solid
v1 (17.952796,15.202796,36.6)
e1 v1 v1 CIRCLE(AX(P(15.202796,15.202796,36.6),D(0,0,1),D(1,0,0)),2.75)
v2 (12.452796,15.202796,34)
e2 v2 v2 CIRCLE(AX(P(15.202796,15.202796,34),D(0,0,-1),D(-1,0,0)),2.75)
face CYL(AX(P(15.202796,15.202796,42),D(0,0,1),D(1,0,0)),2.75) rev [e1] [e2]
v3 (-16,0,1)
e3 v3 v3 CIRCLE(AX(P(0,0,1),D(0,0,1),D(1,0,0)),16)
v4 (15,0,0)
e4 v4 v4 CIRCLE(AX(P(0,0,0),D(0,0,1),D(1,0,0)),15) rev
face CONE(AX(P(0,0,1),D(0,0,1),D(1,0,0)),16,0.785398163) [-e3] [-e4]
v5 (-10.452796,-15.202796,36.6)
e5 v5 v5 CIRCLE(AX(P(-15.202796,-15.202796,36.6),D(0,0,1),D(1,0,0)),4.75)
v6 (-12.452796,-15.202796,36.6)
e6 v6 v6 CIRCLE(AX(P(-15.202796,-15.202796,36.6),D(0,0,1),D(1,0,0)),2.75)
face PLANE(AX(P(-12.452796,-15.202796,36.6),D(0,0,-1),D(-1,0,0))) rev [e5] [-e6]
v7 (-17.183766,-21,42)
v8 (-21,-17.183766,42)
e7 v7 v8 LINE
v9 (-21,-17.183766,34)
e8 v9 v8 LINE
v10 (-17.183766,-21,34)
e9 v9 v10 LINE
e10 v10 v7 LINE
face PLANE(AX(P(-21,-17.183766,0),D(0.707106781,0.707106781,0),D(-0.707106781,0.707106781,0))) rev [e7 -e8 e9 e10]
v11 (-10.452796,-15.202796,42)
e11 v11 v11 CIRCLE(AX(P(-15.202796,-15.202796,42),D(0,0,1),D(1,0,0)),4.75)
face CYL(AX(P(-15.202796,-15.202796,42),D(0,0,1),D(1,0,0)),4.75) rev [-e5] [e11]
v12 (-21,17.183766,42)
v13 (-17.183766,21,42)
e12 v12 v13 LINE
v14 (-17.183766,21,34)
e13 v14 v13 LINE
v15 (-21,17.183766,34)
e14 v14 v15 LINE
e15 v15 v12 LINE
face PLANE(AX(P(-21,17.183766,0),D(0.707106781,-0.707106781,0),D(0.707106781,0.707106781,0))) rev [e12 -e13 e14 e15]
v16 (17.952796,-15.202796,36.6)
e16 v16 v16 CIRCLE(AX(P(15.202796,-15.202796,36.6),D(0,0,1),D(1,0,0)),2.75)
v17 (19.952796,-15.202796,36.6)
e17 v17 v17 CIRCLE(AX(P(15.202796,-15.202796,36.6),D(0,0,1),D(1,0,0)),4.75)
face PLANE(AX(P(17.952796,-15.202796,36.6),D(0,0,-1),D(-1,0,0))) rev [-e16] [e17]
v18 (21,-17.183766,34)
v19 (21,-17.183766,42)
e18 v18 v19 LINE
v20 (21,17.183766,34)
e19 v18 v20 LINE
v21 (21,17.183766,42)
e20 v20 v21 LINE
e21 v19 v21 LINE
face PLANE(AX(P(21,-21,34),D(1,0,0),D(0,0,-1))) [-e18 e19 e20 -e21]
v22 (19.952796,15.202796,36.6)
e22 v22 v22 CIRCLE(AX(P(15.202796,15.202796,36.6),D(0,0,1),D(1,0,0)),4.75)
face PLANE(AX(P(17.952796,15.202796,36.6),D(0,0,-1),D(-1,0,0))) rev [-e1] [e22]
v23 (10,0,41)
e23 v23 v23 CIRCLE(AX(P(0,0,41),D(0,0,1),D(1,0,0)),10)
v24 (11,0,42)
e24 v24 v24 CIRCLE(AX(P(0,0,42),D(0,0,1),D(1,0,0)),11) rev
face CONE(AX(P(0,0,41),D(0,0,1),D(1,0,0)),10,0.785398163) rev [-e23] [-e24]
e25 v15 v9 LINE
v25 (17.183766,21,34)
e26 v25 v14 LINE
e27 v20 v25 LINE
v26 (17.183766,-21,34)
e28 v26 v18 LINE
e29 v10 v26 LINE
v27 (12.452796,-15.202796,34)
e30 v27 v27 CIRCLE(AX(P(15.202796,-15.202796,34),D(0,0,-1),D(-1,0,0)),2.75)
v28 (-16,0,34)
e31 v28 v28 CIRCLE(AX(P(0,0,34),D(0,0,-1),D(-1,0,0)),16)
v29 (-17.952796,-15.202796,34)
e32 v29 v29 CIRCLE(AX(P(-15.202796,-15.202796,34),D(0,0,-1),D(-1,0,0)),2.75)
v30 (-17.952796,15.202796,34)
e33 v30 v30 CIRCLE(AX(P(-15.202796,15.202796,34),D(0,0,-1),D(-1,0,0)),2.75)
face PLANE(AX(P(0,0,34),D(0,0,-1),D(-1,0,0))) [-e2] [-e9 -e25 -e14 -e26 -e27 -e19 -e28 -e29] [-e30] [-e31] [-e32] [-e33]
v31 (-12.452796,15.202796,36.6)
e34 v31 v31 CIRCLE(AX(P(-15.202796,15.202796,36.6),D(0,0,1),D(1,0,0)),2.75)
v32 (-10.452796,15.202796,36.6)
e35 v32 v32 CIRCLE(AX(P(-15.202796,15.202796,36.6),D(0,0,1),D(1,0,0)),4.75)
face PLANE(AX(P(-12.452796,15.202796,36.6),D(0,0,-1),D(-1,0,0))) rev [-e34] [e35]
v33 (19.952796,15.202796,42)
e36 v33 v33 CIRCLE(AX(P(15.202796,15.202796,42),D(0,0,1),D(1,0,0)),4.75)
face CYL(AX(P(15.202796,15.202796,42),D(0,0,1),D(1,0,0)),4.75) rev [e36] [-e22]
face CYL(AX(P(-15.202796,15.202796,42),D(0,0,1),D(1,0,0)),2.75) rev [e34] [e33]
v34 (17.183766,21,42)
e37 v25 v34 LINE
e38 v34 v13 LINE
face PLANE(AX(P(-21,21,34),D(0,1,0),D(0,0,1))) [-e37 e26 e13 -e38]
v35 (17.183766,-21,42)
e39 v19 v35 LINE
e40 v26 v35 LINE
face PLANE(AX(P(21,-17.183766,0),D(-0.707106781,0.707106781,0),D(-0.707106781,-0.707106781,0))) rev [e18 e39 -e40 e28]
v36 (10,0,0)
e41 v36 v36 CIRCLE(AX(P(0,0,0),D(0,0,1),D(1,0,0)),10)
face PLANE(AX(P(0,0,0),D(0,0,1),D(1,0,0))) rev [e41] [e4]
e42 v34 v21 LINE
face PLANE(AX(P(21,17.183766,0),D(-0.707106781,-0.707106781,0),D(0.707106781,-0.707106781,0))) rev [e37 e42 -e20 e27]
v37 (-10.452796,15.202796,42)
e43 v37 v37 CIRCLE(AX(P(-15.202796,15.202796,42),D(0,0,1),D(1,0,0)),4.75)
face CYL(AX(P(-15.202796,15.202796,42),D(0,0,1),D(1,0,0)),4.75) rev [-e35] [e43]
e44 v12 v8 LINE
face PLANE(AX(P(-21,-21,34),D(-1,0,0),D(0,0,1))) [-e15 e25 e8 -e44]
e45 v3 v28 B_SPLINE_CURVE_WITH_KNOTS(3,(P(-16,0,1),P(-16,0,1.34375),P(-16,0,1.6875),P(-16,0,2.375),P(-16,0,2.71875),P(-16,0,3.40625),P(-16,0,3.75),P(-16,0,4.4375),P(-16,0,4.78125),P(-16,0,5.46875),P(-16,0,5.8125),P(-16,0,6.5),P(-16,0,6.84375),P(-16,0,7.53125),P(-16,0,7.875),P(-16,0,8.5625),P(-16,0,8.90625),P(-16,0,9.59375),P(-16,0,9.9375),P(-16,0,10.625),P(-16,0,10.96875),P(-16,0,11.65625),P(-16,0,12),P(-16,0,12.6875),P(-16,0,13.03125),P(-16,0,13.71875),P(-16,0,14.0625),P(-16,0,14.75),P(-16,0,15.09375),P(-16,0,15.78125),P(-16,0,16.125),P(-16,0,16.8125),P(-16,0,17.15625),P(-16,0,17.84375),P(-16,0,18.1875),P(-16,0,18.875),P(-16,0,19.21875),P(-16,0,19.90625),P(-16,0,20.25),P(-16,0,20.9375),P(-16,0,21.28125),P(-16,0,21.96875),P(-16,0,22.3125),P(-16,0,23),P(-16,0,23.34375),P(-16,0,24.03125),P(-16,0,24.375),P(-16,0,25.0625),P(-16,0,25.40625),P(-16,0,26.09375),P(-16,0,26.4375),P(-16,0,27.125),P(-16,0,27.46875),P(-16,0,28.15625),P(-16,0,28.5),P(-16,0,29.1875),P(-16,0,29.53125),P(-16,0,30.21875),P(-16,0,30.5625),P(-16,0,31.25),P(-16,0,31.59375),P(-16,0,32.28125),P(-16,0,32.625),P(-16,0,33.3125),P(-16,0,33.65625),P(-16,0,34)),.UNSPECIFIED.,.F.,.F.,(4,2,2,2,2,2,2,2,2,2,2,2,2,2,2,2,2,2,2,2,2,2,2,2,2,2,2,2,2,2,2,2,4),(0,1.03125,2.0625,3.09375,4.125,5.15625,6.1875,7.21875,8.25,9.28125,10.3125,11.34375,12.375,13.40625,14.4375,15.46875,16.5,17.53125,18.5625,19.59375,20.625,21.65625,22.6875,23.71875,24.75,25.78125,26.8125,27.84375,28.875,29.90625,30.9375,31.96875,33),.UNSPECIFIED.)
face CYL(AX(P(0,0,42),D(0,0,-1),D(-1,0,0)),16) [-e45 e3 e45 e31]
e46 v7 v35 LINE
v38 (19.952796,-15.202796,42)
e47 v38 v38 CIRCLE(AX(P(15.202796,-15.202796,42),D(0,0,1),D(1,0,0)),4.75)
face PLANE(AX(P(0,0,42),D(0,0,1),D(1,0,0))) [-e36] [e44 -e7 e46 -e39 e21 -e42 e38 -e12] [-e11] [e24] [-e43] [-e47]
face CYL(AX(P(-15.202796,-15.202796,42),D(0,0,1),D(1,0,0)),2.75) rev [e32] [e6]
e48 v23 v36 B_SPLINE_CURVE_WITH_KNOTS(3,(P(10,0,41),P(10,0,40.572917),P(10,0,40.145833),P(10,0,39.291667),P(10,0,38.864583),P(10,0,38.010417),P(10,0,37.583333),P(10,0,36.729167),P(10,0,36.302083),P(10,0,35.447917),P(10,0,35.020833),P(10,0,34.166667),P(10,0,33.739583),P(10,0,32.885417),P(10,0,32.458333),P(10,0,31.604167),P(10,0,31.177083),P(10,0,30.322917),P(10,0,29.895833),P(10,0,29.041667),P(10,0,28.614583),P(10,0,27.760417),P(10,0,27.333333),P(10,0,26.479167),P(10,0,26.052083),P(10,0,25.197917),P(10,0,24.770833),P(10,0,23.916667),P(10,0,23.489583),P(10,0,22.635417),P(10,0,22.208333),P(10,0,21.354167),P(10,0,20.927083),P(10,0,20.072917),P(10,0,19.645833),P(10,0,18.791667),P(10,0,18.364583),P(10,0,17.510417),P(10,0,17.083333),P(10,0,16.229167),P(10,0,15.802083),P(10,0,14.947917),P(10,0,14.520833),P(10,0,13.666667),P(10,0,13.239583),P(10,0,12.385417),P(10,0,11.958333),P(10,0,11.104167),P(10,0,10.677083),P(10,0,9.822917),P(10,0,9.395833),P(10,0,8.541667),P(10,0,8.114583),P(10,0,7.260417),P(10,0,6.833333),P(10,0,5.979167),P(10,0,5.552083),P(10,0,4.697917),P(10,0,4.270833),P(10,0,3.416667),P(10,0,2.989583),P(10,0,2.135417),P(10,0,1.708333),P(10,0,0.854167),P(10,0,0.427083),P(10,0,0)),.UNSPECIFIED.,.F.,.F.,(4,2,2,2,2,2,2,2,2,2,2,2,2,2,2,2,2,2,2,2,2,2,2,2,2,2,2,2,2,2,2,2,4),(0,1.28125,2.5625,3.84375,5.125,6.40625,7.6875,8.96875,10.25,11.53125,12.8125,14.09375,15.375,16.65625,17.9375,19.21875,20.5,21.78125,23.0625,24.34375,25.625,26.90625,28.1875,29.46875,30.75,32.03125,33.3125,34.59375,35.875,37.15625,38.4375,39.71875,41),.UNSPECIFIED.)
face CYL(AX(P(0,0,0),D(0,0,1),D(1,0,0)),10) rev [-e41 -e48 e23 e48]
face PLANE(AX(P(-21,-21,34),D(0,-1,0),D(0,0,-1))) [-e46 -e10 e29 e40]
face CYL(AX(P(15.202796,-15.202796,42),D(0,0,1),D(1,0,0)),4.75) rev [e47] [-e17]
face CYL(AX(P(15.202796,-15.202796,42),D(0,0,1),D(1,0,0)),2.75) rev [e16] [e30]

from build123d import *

# Parameters (mm, degrees)
SKETCH1_R                                           = 16
BOSS_EXTRUDE1_DEPTH                                 = 42
SKETCH2_W                                           = 42
SKETCH2_H                                           = 42
BOSS_EXTRUDE2_DEPTH                                 = 8
CUT_EXTRUDE1_DEPTH                                  = 52.439284598
CBORE_FOR_M5_HEX_SOCKET_HEAD_CAP_SCREW1_D           = 5.5
CBORE_FOR_M5_HEX_SOCKET_HEAD_CAP_SCREW1_DEPTH       = 22
CBORE_FOR_M5_HEX_SOCKET_HEAD_CAP_SCREW1_CBORE_D     = 9.5
CBORE_FOR_M5_HEX_SOCKET_HEAD_CAP_SCREW1_CBORE_DEPTH = 5.4
CBORE_FOR_M5_HEX_SOCKET_HEAD_CAP_SCREW1_TIP         = 1.652366702
SKETCH8_R                                           = 10
CUT_EXTRUDE2_DEPTH                                  = 52.439284598
CHAMFER1_SIZE                                       = 1


with BuildPart() as part:
    # Sketch1 → Boss-Extrude1 (new body)
    with BuildSketch(Plane.XY):
        with Locations(Location((0, 0, 0), (0, 0, 180))):
            Circle(SKETCH1_R)
    extrude(amount=BOSS_EXTRUDE1_DEPTH)

    # Sketch2 → Boss-Extrude2 (add)
    with BuildSketch(Plane.XY.offset(42)):
        Rectangle(SKETCH2_W, SKETCH2_H)
    extrude(amount=-BOSS_EXTRUDE2_DEPTH)

    # Sketch4 → Cut-Extrude1 (cut, through all)
    with BuildSketch(Plane.XY.offset(42)):
        Polygon((-21, 21), (-21, 17.183766184), (-17.183766184, 21), align=None)
        Polygon((17.183766184, 21), (21, 21), (21, 17.183766184), align=None)
        Polygon((21, -21), (21, -17.183766184), (17.183766184, -21), align=None)
        Polygon((-17.183766184, -21), (-21, -21), (-21, -17.183766184), align=None)
    extrude(amount=-CUT_EXTRUDE1_DEPTH, mode=Mode.SUBTRACT)

    # CBORE for M5 Hex Socket Head Cap Screw1
    with Locations(Plane.XY.offset(42)):
        with Locations((-15.202795796, 15.202795796), (15.202795796, 15.202795796), (15.202795796, -15.202795796), (-15.202795796, -15.202795796)):
            CounterBoreHole(CBORE_FOR_M5_HEX_SOCKET_HEAD_CAP_SCREW1_D / 2, CBORE_FOR_M5_HEX_SOCKET_HEAD_CAP_SCREW1_CBORE_D / 2, CBORE_FOR_M5_HEX_SOCKET_HEAD_CAP_SCREW1_CBORE_DEPTH, depth=CBORE_FOR_M5_HEX_SOCKET_HEAD_CAP_SCREW1_DEPTH)
            with Locations((0, 0, -(CBORE_FOR_M5_HEX_SOCKET_HEAD_CAP_SCREW1_DEPTH + CBORE_FOR_M5_HEX_SOCKET_HEAD_CAP_SCREW1_TIP / 2))):  # 118° drill point
                Cone(0, CBORE_FOR_M5_HEX_SOCKET_HEAD_CAP_SCREW1_D / 2, CBORE_FOR_M5_HEX_SOCKET_HEAD_CAP_SCREW1_TIP, mode=Mode.SUBTRACT)

    # Sketch8 → Cut-Extrude2 (cut, through all)
    with BuildSketch(Plane.XY.offset(42)):
        Circle(SKETCH8_R)
    extrude(amount=-CUT_EXTRUDE2_DEPTH, mode=Mode.SUBTRACT)

    # Chamfer1
    chamfer1_edges = [part.edges().sort_by_distance(p)[0] for p in [
        (-10, 0, 42),
        (16, 0, 0),
    ]]
    chamfer(chamfer1_edges, length=CHAMFER1_SIZE)


solid = part.part
